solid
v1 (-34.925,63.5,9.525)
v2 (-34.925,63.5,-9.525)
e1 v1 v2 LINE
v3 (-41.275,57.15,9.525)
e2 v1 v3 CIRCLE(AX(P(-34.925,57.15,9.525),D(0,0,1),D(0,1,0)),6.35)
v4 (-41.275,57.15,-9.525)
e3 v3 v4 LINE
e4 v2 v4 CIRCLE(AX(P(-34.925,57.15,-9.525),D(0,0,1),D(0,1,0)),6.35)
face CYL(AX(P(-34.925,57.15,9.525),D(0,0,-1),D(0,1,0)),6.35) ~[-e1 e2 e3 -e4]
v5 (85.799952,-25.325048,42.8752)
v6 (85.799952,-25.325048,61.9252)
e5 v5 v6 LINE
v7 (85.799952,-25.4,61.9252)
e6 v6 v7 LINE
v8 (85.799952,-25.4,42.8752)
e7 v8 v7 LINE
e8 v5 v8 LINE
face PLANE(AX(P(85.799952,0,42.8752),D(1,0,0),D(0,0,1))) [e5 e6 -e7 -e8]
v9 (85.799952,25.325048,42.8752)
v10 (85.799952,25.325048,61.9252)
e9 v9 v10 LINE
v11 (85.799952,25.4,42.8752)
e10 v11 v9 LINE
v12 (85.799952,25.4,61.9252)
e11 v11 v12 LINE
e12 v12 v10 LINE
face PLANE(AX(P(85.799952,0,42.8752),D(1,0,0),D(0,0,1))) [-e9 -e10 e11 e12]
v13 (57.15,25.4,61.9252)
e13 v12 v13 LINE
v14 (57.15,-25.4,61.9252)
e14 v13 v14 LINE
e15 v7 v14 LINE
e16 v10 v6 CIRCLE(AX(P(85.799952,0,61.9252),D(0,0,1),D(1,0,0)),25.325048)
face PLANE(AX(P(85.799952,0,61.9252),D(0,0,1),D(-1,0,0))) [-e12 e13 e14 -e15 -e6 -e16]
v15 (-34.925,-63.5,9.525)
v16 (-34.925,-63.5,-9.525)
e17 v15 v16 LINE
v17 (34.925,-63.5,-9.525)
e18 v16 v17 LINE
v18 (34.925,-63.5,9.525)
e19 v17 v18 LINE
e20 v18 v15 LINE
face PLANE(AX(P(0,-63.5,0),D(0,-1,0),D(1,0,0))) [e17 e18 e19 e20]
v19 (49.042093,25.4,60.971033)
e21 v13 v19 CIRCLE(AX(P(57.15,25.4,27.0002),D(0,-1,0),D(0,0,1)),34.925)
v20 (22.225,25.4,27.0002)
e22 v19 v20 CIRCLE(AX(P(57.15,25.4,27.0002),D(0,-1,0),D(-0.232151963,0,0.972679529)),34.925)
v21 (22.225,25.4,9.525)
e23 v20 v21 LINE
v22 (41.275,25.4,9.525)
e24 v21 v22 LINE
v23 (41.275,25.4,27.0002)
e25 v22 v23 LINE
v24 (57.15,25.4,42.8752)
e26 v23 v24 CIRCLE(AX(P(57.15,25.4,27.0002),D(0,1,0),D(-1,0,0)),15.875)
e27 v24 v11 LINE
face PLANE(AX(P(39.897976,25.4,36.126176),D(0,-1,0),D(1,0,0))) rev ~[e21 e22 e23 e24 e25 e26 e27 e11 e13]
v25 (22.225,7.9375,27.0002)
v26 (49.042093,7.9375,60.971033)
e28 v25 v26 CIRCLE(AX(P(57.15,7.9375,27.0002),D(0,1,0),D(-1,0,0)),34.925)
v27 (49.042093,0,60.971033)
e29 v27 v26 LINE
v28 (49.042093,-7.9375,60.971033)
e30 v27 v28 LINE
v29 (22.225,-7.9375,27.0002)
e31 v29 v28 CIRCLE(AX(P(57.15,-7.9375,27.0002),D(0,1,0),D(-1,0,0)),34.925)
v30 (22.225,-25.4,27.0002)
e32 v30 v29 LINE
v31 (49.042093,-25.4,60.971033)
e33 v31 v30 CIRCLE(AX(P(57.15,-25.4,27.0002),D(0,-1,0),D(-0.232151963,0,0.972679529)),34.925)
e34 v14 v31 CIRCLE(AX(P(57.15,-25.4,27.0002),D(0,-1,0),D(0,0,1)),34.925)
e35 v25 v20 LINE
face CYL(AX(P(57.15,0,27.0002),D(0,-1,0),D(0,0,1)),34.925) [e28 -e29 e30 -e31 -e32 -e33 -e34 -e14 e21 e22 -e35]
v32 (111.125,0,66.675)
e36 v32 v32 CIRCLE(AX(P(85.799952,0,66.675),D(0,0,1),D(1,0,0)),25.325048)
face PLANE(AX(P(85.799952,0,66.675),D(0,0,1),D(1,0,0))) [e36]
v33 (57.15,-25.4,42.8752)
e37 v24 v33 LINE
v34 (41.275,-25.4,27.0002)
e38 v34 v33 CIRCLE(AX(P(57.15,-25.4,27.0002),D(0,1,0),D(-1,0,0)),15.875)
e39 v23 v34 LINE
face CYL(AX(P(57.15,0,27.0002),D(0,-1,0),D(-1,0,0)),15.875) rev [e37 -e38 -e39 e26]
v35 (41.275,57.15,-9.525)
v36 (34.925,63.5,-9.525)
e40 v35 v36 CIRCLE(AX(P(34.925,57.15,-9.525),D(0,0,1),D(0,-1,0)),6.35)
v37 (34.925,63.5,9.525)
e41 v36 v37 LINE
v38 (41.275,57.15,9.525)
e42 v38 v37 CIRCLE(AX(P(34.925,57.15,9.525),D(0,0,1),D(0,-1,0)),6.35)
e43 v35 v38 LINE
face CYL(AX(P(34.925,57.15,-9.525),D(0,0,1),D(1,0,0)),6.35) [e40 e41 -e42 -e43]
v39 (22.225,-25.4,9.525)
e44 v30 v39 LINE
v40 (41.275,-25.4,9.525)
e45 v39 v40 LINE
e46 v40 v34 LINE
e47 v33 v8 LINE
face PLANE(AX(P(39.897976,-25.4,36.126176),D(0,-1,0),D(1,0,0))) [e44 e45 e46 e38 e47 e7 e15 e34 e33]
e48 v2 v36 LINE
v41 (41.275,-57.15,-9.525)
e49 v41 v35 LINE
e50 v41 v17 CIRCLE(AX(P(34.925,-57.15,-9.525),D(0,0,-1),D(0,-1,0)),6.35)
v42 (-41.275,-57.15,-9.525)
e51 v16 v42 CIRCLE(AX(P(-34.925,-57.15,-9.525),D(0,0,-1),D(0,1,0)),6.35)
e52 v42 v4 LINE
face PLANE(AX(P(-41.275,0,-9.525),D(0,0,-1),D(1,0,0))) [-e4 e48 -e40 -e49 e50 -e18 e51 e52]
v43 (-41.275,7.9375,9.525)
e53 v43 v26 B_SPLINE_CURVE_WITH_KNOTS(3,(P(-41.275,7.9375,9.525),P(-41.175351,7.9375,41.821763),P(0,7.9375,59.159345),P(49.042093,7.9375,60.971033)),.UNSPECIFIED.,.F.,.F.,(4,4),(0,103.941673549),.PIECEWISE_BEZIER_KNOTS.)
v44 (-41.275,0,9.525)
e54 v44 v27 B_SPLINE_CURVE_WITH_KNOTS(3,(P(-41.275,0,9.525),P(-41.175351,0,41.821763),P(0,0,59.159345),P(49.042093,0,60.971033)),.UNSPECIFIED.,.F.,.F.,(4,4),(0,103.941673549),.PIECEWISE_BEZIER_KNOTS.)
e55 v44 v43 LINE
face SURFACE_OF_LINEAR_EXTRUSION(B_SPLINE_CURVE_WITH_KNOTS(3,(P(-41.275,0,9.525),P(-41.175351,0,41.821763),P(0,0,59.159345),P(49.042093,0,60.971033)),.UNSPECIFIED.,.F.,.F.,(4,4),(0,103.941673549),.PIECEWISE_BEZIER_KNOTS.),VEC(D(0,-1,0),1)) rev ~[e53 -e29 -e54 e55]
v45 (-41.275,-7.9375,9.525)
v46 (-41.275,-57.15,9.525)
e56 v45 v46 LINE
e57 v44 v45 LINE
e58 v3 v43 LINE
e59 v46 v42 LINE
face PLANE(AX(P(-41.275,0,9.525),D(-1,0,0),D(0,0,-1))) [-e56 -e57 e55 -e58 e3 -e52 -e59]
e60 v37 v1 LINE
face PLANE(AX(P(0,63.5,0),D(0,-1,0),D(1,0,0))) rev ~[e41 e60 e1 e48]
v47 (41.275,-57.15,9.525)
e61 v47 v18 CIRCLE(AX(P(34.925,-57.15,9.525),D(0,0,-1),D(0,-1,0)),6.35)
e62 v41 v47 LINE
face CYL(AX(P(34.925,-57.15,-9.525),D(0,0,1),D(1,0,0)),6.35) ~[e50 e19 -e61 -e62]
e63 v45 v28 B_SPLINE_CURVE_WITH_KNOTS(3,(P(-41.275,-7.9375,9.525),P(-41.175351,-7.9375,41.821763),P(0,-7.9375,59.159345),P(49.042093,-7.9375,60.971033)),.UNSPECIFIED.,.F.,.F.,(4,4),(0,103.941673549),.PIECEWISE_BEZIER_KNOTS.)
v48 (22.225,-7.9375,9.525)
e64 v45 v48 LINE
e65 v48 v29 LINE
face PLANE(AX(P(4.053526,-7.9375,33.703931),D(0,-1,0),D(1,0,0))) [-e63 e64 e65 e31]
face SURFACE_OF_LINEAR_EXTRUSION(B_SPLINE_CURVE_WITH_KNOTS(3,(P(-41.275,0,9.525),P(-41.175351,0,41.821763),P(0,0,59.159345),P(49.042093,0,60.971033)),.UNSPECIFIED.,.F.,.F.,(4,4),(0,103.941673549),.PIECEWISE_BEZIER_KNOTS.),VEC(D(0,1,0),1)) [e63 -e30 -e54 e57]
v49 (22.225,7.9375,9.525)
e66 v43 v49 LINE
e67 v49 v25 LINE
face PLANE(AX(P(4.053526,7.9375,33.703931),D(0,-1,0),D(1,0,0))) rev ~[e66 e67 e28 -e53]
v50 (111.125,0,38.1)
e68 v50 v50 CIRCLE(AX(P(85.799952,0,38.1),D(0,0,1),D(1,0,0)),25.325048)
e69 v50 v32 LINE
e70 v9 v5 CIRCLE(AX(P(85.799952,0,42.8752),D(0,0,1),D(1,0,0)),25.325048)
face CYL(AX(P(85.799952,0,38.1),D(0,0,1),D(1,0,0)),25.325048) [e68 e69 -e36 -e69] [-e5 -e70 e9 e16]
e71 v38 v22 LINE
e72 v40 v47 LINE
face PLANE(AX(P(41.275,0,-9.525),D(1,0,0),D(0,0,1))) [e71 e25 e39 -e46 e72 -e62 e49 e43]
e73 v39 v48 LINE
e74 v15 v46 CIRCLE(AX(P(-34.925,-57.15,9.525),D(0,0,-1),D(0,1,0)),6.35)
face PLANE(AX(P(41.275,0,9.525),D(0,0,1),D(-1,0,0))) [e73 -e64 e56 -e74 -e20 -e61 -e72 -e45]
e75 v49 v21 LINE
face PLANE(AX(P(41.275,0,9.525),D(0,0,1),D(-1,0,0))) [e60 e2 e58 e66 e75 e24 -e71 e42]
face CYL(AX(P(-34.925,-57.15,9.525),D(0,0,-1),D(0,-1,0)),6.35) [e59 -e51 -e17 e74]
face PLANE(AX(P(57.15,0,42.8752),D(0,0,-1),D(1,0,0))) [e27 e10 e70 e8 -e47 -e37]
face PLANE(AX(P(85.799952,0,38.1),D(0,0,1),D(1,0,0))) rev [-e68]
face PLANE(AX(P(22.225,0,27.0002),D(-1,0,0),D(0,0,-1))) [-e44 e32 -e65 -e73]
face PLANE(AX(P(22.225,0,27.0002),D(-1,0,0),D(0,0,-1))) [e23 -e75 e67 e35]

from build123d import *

# Parameters (mm, degrees)
F1_DEPTH = 63.5
F0_W     = 25.4749524852
F0_H     = 19.05
F2_DEPTH = 25.4
F3_DEPTH = 7.9375
F5_R     = 6.35


with BuildPart() as f1:
    # F0 (on Front) → F1 (new body, symmetric)
    with BuildSketch(Plane.XZ):
        Polygon((41.275, -9.525), (41.275, 9.525), (22.225, 9.525), (-41.275, 9.525), (-41.275, -9.525), align=None)
    extrude(amount=F1_DEPTH, both=True)

    # F0 (on Front) → F2 (join, symmetric)
    with BuildSketch(Plane.XZ):
        with BuildLine():
            Line((22.225, 9.525), (41.275, 9.525))
            Line((41.275, 9.525), (41.275, 27.0002))
            ThreePointArc((41.275, 27.0002), (45.9246798487, 38.2255201513), (57.15, 42.8752))
            Line((57.15, 42.8752), (60.325, 42.8752))
            Line((60.325, 42.8752), (60.325, 61.9252))
            Line((60.325, 61.9252), (57.15, 61.9252))
            ThreePointArc((57.15, 61.9252), (53.0680704253, 61.6858378916), (49.0420927056, 60.9710325524))
            ThreePointArc((49.0420927056, 60.9710325524), (29.7371901544, 48.6402896803), (22.225, 27.0002))
            Line((22.225, 27.0002), (22.225, 9.525))
        make_face()
        with Locations((73.0624762426, 52.4002)):
            Rectangle(F0_W, F0_H)
    extrude(amount=F2_DEPTH, both=True)

    # F0 (on Front) → F3 (join, symmetric)
    with BuildSketch(Plane.XZ):
        with BuildLine():
            Line((-41.275, 9.525), (22.225, 9.525))
            Line((22.225, 9.525), (22.225, 27.0002))
            ThreePointArc((22.225, 27.0002), (29.7371901544, 48.6402896803), (49.0420927056, 60.9710325524))
            add(Edge.make_bspline(
                [(-41.275, 9.525), (-41.1753505468, 41.8217629194), (0, 59.1593452108), (49.0420927056, 60.9710325524)],
                knots=[0, 0, 0, 0, 103.941673549, 103.941673549, 103.941673549, 103.941673549], degree=3))
        make_face()
    extrude(amount=F3_DEPTH, both=True)

    # F0 (on Front) → F4 (revolve)
    with BuildSketch(Plane.XZ):
        Polygon((85.7999524852, 61.9252), (85.7999524852, 42.8752), (85.7999524852, 38.1), (111.125, 38.1), (111.125, 66.675), (85.7999524852, 66.675), align=None)
    revolve(axis=Axis((85.7999524852, 0, 52.3875), (0, 0, 1)))

    # F5
    f5_edges = [f1.edges().sort_by_distance(p)[0] for p in [
        (41.275, -63.5, 0),
        (41.275, 63.5, 0),
        (-41.275, 63.5, 0),
        (-41.275, -63.5, 0),
    ]]
    fillet(f5_edges, radius=F5_R)


solid = f1.part
